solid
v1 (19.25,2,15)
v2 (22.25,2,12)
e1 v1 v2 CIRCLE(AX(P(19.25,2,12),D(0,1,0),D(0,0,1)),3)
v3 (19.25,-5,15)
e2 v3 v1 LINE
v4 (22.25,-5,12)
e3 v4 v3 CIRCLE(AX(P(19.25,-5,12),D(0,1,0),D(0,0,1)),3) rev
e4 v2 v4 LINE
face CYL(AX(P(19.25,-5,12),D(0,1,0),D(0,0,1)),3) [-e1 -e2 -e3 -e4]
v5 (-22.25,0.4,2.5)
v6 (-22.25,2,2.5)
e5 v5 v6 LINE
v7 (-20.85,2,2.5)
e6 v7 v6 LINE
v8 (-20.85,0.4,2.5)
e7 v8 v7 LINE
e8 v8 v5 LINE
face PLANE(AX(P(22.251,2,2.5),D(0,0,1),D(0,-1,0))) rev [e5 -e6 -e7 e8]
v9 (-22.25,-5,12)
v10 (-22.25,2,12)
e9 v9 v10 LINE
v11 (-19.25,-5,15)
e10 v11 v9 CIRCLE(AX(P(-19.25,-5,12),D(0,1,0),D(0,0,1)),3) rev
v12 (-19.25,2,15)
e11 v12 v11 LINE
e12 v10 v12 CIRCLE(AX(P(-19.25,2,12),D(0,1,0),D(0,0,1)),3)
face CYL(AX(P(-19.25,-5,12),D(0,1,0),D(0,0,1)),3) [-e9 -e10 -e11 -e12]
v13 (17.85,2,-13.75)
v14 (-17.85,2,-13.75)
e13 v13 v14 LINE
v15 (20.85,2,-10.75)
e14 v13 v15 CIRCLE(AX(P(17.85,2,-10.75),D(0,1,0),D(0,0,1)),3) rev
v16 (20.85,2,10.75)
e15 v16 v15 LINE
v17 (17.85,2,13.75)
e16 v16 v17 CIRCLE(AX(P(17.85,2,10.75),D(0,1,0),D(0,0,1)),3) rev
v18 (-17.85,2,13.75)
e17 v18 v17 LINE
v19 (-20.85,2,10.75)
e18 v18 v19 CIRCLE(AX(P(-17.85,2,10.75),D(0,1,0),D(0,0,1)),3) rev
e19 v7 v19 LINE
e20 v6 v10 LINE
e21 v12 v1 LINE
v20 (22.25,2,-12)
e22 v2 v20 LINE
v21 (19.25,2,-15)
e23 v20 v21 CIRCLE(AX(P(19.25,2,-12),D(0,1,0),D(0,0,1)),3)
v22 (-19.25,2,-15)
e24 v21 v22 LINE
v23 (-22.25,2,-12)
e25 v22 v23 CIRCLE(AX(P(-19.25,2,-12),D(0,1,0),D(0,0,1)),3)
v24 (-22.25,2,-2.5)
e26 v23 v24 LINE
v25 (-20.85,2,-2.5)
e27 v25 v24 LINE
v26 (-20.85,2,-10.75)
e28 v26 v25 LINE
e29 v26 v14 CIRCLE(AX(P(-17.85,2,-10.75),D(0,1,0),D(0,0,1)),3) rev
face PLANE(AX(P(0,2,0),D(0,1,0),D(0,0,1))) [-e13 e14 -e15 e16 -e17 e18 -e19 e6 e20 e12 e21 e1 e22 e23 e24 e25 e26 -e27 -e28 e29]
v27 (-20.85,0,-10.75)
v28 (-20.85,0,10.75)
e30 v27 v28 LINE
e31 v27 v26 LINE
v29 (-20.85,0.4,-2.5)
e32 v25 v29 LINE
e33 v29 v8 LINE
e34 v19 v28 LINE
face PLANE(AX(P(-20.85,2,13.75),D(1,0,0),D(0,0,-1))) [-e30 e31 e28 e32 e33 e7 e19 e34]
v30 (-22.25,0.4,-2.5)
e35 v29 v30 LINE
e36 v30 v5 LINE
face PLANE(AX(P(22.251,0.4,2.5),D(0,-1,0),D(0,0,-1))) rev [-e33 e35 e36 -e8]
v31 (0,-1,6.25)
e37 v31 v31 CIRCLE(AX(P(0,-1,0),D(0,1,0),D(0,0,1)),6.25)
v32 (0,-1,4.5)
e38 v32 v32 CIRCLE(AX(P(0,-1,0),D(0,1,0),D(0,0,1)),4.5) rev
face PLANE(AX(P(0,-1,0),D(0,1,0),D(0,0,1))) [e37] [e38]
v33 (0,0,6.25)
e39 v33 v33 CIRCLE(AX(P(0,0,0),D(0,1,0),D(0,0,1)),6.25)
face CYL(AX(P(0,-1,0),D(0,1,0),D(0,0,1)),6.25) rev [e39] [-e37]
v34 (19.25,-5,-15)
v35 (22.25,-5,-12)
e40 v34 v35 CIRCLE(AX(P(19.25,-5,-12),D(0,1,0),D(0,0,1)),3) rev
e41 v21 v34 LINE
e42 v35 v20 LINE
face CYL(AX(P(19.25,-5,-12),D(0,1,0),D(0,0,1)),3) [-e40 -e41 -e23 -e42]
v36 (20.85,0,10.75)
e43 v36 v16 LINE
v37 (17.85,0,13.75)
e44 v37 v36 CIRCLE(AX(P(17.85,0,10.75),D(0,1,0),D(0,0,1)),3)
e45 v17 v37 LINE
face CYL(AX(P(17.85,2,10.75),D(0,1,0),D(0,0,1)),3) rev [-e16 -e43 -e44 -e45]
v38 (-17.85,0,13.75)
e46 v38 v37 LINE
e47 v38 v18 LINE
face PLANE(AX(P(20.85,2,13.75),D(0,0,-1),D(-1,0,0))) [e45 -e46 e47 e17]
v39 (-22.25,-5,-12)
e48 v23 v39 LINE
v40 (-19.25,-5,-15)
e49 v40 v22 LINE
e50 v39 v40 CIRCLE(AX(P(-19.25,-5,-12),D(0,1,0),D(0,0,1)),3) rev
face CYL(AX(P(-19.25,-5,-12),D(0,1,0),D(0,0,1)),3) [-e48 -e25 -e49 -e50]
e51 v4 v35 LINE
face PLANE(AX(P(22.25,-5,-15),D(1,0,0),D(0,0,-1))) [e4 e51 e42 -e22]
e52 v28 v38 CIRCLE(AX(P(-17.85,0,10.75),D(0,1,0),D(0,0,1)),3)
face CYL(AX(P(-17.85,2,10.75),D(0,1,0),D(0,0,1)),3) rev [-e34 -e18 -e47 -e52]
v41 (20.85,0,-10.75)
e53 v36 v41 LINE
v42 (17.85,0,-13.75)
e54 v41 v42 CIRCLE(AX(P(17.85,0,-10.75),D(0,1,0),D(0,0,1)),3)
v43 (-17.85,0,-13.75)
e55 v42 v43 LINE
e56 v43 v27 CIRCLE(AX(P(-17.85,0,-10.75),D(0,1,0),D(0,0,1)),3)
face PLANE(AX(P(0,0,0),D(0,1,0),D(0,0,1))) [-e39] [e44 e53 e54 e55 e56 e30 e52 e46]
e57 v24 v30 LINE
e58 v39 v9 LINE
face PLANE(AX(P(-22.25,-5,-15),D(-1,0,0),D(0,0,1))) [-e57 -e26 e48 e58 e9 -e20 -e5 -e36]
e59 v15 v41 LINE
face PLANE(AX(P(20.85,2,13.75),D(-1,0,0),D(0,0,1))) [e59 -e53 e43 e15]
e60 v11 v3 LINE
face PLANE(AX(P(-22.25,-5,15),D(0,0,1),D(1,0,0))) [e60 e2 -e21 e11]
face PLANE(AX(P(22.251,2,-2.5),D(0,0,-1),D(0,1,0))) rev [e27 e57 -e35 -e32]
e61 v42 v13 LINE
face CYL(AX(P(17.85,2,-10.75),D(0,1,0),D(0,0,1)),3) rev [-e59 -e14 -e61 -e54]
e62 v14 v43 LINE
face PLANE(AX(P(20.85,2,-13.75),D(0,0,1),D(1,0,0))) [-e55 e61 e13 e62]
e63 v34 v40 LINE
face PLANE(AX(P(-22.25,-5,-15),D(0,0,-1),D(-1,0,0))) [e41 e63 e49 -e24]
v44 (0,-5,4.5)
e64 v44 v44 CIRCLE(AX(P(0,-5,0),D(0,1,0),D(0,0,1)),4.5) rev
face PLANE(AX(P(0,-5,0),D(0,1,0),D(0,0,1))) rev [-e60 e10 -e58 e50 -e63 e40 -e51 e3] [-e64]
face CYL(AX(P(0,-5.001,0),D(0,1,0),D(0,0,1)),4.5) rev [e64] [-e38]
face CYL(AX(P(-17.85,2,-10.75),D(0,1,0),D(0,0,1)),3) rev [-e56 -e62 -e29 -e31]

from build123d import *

# Parameters (mm, degrees)
SKETCH1_W           = 44.5
SKETCH1_H           = 30
BOSS_EXTRUDE1_DEPTH = 5
CUT_EXTRUDE1_REACH  = 7
SKETCH2_R           = 4.5
SKETCH5_W           = 44.5
SKETCH5_H           = 30
SKETCH5_W_2         = 41.7
SKETCH5_H_2         = 27.5
BOSS_EXTRUDE2_DEPTH = 2
CUT_EXTRUDE5_REACH  = 46.5
SKETCH6_W           = 5
SKETCH6_H           = 1.6
FILLET1_R           = 3
SKETCH7_R           = 6.25
CUT_EXTRUDE6_DEPTH  = 1


with BuildPart() as part:
    # Sketch1 → Boss-Extrude1 (new body)
    with BuildSketch(Plane(origin=(0, 0, 0), x_dir=(1, 0, 0), z_dir=(0, 1, 0))):
        Rectangle(SKETCH1_W, SKETCH1_H)
    extrude(amount=-BOSS_EXTRUDE1_DEPTH)

    # Sketch2 → Cut-Extrude1 (cut, up to next)
    with BuildSketch(Plane(origin=(0, 0, 0), x_dir=(1, 0, 0), z_dir=(0, 1, 0)), mode=Mode.PRIVATE) as cut_extrude1_sk1:
        Circle(SKETCH2_R)
    cut_extrude1_tool1 = extrude(cut_extrude1_sk1.sketch, amount=-CUT_EXTRUDE1_REACH, mode=Mode.PRIVATE) & part.part
    add(cut_extrude1_tool1.solids().sort_by_distance((0, 0, 0))[0], mode=Mode.SUBTRACT)

    # Sketch5 → Boss-Extrude2 (add)
    with BuildSketch(Plane(origin=(0, 0, 0), x_dir=(1, 0, 0), z_dir=(0, 1, 0))):
        Rectangle(SKETCH5_W, SKETCH5_H)
        Rectangle(SKETCH5_W_2, SKETCH5_H_2, mode=Mode.SUBTRACT)
    extrude(amount=BOSS_EXTRUDE2_DEPTH)

    # Sketch6 → Cut-Extrude5 (cut, up to next)
    with BuildSketch(Plane.ZY.offset(22.25), mode=Mode.PRIVATE) as cut_extrude5_sk1:
        with Locations((0, 1.2)):
            Rectangle(SKETCH6_W, SKETCH6_H)
    cut_extrude5_tool1 = extrude(cut_extrude5_sk1.sketch, amount=-CUT_EXTRUDE5_REACH, mode=Mode.PRIVATE) & part.part
    add(cut_extrude5_tool1.solids().sort_by_distance((-22.25, 1.2, 0))[0], mode=Mode.SUBTRACT)

    # Fillet1
    fillet1_edges = [part.edges().sort_by_distance(p)[0] for p in [
        (-20.85, 1, 13.75),
        (20.85, 1, 13.75),
        (20.85, 1, -13.75),
        (-20.85, 1, -13.75),
        (22.25, -1.5, 15),
        (-22.25, -1.5, 15),
        (-22.25, -1.5, -15),
        (22.25, -1.5, -15),
    ]]
    fillet(fillet1_edges, radius=FILLET1_R)

    # Sketch7 → Cut-Extrude6 (cut)
    with BuildSketch(Plane(origin=(0, 0, 0), x_dir=(1, 0, 0), z_dir=(0, 1, 0))):
        Circle(SKETCH7_R)
    extrude(amount=-CUT_EXTRUDE6_DEPTH, mode=Mode.SUBTRACT)


solid = part.part
